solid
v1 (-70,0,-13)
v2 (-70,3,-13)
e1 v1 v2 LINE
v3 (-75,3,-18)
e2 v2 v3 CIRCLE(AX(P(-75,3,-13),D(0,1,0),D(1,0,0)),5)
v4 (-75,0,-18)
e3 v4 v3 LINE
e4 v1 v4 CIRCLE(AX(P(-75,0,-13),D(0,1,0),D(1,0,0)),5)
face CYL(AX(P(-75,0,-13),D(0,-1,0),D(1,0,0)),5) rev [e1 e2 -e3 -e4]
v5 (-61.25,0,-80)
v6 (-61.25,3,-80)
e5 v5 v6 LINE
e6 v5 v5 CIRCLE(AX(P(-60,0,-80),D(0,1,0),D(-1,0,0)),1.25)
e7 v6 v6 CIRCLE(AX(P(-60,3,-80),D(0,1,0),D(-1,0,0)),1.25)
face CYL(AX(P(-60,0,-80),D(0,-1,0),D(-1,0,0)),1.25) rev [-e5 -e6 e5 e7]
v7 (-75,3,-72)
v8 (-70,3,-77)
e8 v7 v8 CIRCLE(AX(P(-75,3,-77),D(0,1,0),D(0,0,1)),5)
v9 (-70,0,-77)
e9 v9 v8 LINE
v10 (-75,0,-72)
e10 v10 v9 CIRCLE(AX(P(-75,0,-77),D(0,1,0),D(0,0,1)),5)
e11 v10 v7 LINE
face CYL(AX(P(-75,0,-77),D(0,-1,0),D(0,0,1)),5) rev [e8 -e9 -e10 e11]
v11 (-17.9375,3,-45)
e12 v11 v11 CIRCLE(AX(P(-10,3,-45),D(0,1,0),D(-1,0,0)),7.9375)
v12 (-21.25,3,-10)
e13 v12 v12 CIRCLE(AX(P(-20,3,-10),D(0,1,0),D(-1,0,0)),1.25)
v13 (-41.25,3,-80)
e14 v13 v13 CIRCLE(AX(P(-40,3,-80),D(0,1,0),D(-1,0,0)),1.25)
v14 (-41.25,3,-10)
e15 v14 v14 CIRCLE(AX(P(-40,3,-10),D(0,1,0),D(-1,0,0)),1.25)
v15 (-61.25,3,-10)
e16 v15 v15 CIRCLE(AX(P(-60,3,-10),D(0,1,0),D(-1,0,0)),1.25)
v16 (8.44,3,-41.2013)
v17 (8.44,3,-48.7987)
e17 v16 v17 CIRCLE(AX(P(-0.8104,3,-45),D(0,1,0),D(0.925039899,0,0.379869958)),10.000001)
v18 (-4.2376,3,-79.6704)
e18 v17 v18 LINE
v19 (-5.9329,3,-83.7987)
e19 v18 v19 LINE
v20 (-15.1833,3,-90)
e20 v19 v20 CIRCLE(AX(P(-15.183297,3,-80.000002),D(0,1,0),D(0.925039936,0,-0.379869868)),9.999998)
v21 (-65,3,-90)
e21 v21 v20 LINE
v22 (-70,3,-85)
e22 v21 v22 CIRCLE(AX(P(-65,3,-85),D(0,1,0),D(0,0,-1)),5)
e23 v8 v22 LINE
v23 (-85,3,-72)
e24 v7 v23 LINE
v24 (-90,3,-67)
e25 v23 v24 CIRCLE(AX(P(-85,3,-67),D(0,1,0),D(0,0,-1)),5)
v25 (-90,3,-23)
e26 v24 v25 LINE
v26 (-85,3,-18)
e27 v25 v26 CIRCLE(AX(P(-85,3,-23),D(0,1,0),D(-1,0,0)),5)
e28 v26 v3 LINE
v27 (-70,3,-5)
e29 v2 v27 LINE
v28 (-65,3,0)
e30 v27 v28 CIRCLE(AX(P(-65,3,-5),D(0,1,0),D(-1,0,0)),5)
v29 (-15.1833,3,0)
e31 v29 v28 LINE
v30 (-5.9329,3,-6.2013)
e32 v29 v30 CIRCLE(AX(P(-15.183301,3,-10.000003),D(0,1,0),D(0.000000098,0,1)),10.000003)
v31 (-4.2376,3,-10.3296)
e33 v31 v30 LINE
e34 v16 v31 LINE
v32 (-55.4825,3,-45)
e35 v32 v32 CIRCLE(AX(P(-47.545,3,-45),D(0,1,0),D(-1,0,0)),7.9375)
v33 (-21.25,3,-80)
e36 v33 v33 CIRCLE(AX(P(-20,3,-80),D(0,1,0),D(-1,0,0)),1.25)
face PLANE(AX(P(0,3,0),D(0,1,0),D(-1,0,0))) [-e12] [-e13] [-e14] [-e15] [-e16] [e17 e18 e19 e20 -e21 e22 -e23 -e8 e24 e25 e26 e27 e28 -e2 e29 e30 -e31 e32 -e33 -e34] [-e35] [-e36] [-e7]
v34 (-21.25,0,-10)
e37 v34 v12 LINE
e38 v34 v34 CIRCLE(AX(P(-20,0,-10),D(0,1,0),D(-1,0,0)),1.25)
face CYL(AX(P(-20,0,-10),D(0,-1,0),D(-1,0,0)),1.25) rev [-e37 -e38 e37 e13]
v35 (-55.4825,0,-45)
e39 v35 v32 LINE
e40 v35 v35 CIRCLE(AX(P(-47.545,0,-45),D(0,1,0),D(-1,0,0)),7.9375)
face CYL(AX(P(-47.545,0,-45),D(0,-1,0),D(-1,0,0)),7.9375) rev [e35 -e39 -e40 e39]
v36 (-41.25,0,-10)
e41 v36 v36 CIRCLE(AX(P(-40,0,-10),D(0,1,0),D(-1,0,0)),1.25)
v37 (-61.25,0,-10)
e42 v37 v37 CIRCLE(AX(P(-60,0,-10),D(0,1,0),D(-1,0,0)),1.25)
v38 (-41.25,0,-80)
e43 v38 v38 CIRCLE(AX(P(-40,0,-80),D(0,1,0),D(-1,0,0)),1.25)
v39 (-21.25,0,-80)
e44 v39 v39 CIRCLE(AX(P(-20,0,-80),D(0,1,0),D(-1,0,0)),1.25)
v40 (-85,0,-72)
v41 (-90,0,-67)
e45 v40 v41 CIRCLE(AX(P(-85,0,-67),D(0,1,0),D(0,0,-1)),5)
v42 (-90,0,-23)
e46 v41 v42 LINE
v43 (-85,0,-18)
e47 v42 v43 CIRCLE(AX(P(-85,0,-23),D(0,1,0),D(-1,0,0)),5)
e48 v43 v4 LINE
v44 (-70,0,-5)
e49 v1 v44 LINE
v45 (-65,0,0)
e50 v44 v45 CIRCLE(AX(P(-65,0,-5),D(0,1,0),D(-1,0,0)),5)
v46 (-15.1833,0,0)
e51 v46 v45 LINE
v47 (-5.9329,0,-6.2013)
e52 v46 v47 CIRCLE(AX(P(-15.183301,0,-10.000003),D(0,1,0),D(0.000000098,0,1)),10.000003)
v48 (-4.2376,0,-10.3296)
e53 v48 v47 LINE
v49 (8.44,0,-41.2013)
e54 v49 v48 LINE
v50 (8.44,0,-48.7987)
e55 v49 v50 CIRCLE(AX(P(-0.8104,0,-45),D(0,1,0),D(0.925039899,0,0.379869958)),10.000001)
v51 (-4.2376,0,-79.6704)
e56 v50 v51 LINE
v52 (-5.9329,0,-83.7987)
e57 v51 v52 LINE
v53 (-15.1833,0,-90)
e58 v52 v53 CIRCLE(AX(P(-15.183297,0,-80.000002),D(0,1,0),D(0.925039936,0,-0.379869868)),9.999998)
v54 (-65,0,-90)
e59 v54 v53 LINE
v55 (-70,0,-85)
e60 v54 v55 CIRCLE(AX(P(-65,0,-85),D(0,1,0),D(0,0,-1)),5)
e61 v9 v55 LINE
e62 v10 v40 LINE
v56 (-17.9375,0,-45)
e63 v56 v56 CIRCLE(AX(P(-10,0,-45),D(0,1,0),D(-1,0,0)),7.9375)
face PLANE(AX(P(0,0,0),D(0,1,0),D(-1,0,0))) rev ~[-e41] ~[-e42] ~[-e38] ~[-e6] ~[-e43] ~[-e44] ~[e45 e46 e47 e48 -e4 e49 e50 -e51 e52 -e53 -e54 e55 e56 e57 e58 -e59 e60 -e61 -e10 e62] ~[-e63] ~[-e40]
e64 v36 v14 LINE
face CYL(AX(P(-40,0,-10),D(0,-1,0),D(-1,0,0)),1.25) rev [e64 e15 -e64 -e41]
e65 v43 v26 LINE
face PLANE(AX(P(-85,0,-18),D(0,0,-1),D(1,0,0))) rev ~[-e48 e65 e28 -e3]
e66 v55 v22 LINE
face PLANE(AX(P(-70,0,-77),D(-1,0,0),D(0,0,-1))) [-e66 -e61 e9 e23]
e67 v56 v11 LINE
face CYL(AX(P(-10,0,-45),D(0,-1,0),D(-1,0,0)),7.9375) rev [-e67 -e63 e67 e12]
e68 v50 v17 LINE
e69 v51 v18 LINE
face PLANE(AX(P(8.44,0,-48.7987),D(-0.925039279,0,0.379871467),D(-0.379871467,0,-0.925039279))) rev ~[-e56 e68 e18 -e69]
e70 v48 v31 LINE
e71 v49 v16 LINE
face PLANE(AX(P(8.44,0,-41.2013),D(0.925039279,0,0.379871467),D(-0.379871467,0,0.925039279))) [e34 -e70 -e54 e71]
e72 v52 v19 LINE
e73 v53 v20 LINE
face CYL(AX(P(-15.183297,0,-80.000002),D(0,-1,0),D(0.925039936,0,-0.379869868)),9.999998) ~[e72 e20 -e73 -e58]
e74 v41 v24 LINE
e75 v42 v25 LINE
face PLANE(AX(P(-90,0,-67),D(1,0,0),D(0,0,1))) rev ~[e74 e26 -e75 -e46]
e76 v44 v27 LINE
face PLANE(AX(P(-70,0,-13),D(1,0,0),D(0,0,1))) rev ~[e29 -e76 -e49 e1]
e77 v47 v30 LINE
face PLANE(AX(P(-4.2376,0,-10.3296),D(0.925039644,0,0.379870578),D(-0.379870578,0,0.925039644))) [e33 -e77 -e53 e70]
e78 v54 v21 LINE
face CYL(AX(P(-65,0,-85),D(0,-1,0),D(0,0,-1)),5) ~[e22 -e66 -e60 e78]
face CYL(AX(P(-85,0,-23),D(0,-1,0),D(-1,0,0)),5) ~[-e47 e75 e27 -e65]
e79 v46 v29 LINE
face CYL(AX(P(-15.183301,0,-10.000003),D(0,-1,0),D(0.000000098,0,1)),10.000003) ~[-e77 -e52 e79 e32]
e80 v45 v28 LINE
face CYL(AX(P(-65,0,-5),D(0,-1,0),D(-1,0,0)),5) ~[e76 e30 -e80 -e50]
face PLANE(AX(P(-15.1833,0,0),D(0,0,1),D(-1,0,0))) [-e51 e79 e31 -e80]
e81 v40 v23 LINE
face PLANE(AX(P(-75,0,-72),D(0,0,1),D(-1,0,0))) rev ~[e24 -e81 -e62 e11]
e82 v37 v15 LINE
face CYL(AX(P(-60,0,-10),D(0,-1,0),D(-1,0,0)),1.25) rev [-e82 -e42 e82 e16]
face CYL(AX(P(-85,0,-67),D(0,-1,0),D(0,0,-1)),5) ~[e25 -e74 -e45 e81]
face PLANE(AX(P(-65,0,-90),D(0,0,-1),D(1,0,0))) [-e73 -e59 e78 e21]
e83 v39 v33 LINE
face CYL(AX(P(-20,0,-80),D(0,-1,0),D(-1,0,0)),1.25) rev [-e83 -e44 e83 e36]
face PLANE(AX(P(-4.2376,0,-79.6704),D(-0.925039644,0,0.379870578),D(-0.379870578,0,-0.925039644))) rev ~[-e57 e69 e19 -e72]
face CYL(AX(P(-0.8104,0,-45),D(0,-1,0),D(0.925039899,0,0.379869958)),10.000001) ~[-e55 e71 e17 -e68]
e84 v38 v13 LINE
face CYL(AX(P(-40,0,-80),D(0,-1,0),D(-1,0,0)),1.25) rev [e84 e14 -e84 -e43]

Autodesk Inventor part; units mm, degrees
ref_plane "YZ Plane" through (0, 0, 0) normal (1, 0, 0) x (0, 1, 0)
ref_plane "XZ Plane" through (0, 0, 0) normal (0, 1, 0) x (-1, 0, 0)
ref_plane "XY Plane" through (0, 0, 0) normal (0, 0, 1) x (1, 0, 0)
sketch "Sketch1" plane through (0, 0, 0) normal (0, 1, 0) x (-1, 0, 0)
  line L0 (15.1833, 0) -> (65, 0)
  line L1 (90, 0) -> (90, -18) construction
  line L2 (90, -90) -> (70, -90) construction
  line L3 (0, -90) -> (0, 0) construction
  line L4 (85, -18) -> (75, -18)
  line L5 (70, -18) -> (70, -72) construction
  line L6 (75, -72) -> (85, -72)
  line L7 (90, -67) -> (90, -18)
  circle A0 centre (80, -10) radius 10 construction
  circle A1 centre (80, -80) radius 10 construction
  circle A2 centre (80, -10) radius 1.25
  circle A3 centre (80, -80) radius 1.25
  circle A4 centre (60, -10) radius 1.25
  circle A5 centre (60, -80) radius 1.25
  circle A6 centre (40, -10) radius 1.25
  circle A7 centre (40, -80) radius 1.25
  circle A8 centre (20, -10) radius 1.25
  circle A9 centre (20, -80) radius 1.25
  circle A10 centre (0, -10) radius 1.25 construction
  circle A11 centre (0, -80) radius 1.25 construction
  line L8 (20, -10) -> (0, -80) construction
  circle A12 centre (10, -45) radius 7.9375
  circle A13 centre (10, -45) radius 20 construction
  line L9 (0, 0) -> (-10, 0) construction
  line L10 (-10, 0) -> (-10, -90) construction
  line L11 (-10, -90) -> (0, -90) construction
  circle A14 centre (1, -9) radius 3.5 construction
  circle A15 centre (1, -81) radius 3.5 construction
  line L12 (4.5, -90) -> (4.5, -81) construction
  line L13 (4.5, 0) -> (4.5, -9) construction
  line L14 (-8.44, -48.7987) -> (4.2376, -79.6704)
  line L15 (-8.44, -41.2013) -> (4.2376, -10.3296)
  line L16 (4.2376, -10.3296) -> (5.9329, -6.2013)
  line L17 (4.2376, -79.6704) -> (5.9329, -83.7987)
  arc A16 (15.1833, 0) -> (5.9329, -6.2013) centre (15.1833, -10) ccw
  arc A17 (5.9329, -83.7987) -> (15.1833, -90) centre (15.1833, -80) ccw
  arc A18 (-8.44, -41.2013) -> (-8.44, -48.7987) centre (0.8104, -45) ccw
  line L18 (90, -23) -> (90, -72)
  line L19 (90, -72) -> (90, -90) construction
  line L20 (70, -13) -> (70, -5)
  line L21 (70, -77) -> (70, -85)
  line L22 (65, -90) -> (15.1833, -90)
  arc A19 (70, -5) -> (65, 0) centre (65, -5) ccw
  arc A20 (70, -13) -> (75, -18) centre (75, -13) ccw
  arc A21 (90, -23) -> (85, -18) centre (85, -23) ccw
  arc A22 (85, -72) -> (90, -67) centre (85, -67) ccw
  arc A23 (75, -72) -> (70, -77) centre (75, -77) ccw
  arc A24 (65, -90) -> (70, -85) centre (65, -85) ccw
  line L23 (10, -45) -> (47.545, -45) construction
  circle A25 centre (47.545, -45) radius 7.9375
  point P0 (-10, -45)
  point P1 (8.4795, 0)
  point P2 (8.4795, -90)
  dimension "d0" = 90
  dimension "d1" = 90
  dimension "d2" = 20
  dimension "d3" = 54
  dimension "d4" = 18
  dimension "d5" = 2.5
  dimension "d8" = 70
  dimension "d11" = 20
  dimension "d14" = 15.875
  dimension "d15" = 40
  dimension "d17" = 7
  dimension "d18" = 89
  dimension "d19" = 7
  dimension "d20" = 0
  dimension "d21" = 72
  dimension "d22" = 9
  dimension "d23" = 10
  dimension "d24" = 10
  dimension "d25" = 5
  dimension "d26" = 37.545
  dimension "d27" = 15.875
extrude "Extrusion1" add sketch "Sketch1" along normal blind 3 contours L0 A19 L20 A20 L4 A21 L7 A22 L6 A23 L21 A24 L22 A17 L17 L14 A18 L15 L16 A16
equation "\"d4\" = -0.5 * d3 + 0.5 * d1"
equation "\"d22\" = -0.5 * d21 + 0.5 * d1"
equation "\"d27\" = d14"
properties part number "AntennaPlateUpper"
